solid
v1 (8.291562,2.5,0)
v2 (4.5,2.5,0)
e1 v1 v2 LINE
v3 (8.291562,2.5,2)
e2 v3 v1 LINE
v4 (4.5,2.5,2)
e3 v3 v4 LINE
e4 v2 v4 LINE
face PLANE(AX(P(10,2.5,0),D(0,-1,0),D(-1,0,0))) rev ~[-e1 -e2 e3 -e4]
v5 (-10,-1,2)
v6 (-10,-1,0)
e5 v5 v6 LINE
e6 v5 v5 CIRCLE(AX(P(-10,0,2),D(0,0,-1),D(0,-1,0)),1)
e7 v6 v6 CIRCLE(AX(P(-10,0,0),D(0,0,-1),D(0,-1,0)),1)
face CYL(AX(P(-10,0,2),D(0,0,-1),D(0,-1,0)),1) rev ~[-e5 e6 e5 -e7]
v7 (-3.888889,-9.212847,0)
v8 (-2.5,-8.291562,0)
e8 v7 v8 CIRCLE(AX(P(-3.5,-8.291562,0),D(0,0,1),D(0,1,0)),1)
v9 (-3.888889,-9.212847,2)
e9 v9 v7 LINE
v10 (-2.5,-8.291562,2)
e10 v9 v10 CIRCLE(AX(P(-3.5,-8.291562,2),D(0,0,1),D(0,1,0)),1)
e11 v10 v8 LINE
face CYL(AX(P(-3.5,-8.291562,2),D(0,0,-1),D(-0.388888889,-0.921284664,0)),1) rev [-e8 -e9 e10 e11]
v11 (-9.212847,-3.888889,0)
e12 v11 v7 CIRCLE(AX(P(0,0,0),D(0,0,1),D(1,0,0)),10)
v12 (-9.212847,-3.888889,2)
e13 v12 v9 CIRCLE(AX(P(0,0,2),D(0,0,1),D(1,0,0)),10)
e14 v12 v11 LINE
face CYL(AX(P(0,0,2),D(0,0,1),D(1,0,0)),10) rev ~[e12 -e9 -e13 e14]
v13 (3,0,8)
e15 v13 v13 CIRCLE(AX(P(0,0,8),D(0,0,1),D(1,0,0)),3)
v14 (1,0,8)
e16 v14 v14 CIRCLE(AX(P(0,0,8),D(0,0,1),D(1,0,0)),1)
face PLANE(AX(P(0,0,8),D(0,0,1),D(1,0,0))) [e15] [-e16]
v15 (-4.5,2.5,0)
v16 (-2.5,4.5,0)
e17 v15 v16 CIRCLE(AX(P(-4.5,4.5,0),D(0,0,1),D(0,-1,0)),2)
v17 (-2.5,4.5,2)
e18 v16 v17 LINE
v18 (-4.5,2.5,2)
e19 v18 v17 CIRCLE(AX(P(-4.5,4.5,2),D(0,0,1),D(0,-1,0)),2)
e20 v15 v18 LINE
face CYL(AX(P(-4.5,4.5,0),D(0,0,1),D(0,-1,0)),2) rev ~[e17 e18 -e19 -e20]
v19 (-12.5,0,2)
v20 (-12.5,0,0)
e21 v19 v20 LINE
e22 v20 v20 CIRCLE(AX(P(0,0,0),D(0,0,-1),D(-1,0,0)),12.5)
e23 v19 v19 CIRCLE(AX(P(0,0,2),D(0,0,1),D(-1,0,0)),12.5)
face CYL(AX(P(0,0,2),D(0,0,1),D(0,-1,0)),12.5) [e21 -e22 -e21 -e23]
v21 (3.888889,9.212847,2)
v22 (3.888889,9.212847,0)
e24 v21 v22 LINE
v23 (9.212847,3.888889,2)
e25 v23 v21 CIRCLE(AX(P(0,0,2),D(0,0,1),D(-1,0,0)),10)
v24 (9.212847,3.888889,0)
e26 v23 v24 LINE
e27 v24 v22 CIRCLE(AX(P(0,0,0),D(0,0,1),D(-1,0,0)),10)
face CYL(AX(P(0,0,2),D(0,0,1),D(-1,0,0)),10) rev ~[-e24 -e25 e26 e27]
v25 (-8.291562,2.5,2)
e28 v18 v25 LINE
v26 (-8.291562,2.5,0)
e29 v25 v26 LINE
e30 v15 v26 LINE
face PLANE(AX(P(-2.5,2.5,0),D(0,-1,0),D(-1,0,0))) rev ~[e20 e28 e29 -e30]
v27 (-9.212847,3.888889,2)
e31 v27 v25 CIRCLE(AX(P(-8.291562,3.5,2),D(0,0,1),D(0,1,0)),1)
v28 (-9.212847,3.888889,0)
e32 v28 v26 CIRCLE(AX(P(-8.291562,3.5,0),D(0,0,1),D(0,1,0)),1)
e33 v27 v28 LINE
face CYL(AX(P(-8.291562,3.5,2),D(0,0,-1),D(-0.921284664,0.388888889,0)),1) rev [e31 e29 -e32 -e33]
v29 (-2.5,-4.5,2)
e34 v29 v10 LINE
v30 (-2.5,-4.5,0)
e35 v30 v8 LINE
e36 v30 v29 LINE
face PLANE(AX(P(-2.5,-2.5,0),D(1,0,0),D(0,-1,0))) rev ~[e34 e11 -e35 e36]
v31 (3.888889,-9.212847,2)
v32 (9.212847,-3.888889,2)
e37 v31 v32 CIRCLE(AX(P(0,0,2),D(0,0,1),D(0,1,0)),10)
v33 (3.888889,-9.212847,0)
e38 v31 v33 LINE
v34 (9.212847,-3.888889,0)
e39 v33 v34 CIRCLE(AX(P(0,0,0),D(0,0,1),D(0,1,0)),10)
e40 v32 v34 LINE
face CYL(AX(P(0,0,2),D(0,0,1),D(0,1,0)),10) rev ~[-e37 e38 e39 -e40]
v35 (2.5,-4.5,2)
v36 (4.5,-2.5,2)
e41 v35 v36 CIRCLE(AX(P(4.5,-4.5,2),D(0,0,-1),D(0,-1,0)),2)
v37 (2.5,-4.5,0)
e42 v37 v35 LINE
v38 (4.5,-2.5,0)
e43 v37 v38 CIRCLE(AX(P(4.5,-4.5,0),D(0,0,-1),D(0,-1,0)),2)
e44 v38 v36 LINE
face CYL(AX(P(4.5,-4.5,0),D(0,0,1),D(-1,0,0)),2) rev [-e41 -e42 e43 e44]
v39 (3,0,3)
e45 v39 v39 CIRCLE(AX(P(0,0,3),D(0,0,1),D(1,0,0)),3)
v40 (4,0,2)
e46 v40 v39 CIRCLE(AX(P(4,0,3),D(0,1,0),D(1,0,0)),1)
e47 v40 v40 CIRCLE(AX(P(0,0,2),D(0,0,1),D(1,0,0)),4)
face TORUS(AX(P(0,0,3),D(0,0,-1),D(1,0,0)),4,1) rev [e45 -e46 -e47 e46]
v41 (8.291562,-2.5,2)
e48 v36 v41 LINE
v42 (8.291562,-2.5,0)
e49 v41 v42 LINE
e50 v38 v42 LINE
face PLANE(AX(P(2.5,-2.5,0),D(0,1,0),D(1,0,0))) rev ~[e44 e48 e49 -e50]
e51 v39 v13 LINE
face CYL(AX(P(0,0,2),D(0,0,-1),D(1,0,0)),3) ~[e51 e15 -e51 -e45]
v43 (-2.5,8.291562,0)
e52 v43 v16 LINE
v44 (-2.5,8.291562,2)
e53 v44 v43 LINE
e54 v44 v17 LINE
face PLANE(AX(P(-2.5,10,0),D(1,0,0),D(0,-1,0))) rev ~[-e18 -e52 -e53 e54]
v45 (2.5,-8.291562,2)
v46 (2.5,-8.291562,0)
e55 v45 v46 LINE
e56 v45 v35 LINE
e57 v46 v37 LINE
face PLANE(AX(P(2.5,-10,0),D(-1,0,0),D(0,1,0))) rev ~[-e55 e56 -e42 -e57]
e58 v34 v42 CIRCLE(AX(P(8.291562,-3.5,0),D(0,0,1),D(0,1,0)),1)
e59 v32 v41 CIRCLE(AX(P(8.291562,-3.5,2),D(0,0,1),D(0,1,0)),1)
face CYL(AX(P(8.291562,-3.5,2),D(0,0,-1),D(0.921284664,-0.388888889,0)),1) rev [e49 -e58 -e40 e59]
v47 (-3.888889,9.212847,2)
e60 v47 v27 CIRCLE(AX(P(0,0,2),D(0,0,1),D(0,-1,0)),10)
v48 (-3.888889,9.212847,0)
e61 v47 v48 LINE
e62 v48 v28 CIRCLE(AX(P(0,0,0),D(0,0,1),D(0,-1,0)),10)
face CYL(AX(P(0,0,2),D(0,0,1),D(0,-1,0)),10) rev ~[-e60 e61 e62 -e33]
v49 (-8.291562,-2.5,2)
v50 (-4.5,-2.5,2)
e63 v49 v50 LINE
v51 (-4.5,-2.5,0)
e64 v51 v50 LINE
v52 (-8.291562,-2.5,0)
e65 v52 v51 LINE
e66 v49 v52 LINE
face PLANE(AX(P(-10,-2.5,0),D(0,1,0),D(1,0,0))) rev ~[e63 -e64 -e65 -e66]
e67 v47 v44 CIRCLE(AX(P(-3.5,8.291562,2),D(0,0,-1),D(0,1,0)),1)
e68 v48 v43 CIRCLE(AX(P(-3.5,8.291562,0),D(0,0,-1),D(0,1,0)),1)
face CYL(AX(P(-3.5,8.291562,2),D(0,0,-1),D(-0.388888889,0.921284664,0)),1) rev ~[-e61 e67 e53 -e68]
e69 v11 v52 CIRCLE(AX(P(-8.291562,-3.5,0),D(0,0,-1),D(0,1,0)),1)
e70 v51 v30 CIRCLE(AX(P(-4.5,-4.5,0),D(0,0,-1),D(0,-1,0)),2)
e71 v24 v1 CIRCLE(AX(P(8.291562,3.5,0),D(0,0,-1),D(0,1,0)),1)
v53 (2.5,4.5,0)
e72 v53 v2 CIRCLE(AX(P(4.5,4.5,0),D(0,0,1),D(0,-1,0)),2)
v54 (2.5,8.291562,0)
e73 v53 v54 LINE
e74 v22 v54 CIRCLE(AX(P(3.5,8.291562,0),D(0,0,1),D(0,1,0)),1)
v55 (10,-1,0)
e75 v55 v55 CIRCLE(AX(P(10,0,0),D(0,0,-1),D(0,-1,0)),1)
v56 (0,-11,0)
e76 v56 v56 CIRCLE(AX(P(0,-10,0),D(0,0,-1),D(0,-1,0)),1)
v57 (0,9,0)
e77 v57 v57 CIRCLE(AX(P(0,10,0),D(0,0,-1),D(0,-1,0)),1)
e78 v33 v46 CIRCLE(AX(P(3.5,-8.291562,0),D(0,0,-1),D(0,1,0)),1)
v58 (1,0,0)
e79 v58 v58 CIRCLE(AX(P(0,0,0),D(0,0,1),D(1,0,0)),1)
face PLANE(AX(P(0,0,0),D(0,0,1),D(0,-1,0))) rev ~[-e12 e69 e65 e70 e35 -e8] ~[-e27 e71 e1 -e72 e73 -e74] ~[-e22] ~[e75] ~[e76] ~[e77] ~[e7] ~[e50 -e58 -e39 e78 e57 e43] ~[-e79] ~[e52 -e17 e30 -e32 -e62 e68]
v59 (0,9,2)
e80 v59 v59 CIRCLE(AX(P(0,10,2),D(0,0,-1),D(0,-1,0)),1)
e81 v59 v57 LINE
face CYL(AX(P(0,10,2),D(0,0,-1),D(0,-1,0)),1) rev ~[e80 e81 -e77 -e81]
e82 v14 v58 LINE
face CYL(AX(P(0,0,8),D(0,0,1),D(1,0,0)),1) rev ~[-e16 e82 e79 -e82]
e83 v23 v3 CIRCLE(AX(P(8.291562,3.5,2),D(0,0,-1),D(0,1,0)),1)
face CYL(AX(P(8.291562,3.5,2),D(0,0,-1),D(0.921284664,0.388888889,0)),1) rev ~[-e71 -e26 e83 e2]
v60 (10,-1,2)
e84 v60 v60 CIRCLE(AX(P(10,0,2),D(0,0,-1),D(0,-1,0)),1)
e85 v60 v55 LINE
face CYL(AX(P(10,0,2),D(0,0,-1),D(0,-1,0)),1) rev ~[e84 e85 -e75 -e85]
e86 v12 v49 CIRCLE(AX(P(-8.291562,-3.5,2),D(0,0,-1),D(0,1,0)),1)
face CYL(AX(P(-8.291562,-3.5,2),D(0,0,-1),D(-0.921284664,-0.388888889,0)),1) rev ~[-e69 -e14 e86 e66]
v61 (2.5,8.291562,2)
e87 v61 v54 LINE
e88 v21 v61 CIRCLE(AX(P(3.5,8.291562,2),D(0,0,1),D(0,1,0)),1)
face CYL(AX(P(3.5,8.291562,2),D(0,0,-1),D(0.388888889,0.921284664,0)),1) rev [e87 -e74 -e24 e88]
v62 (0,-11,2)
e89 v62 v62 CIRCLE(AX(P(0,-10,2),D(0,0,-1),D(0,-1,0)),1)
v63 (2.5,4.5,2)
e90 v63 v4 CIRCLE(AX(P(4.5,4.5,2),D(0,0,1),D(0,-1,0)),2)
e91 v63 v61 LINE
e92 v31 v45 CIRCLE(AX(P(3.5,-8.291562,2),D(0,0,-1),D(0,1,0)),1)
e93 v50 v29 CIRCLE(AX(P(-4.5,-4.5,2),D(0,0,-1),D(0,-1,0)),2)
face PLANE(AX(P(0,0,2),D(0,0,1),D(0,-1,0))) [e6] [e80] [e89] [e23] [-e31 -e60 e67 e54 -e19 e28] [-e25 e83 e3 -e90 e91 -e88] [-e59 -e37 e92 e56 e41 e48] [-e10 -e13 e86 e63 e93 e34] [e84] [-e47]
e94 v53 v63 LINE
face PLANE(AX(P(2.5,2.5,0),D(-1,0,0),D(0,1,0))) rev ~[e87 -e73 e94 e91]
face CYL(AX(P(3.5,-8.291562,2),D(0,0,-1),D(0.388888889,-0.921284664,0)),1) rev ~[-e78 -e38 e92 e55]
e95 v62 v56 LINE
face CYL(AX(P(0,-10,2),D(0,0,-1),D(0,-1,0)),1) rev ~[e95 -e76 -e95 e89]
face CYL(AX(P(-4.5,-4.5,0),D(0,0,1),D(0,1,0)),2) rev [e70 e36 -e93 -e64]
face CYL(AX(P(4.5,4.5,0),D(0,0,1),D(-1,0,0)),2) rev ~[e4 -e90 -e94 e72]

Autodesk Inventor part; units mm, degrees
ref_plane "YZ Plane" through (0, 0, 0) normal (1, 0, 0) x (0, 1, 0)
ref_plane "XZ Plane" through (0, 0, 0) normal (0, 1, 0) x (-1, 0, 0)
ref_plane "XY Plane" through (0, 0, 0) normal (0, 0, 1) x (1, 0, 0)
sketch "Sketch1" plane through (0, 0, 0) normal (0, 0, 1) x (1, 0, 0)
  circle A0 centre (-10, 0) radius 1 projected
  circle A1 centre (0, 10) radius 1 projected
  circle A2 centre (0, -10) radius 1 projected
  circle A3 centre (10, 0) radius 1 projected
  circle A4 centre (0, 0) radius 1.5 projected
  arc A5 (10.8355, 3.8525) -> (3.8525, 10.8355) centre (0, 0) ccw projected
  arc A6 (9.4222, 1.85) -> (10.8355, 3.8525) centre (9.4222, 3.35) ccw projected
  line L0 (9.4222, 1.85) -> (3.35, 1.85) projected
  arc A7 (1.85, 3.35) -> (3.35, 1.85) centre (3.35, 3.35) ccw projected
  line L1 (1.85, 3.35) -> (1.85, 9.4222) projected
  arc A8 (3.8525, 10.8355) -> (1.85, 9.4222) centre (3.35, 9.4222) ccw projected
  line L2 (-1.85, 9.4222) -> (-1.85, 3.35) projected
  arc A9 (-3.35, 1.85) -> (-1.85, 3.35) centre (-3.35, 3.35) ccw projected
  line L3 (-3.35, 1.85) -> (-9.4222, 1.85) projected
  arc A10 (-10.8355, 3.8525) -> (-9.4222, 1.85) centre (-9.4222, 3.35) ccw projected
  arc A11 (-3.8525, 10.8355) -> (-10.8355, 3.8525) centre (0, 0) ccw projected
  arc A12 (-1.85, 9.4222) -> (-3.8525, 10.8355) centre (-3.35, 9.4222) ccw projected
  line L4 (3.35, -1.85) -> (9.4222, -1.85) projected
  arc A13 (10.8355, -3.8525) -> (9.4222, -1.85) centre (9.4222, -3.35) ccw projected
  arc A14 (3.8525, -10.8355) -> (10.8355, -3.8525) centre (0, 0) ccw projected
  arc A15 (1.85, -9.4222) -> (3.8525, -10.8355) centre (3.35, -9.4222) ccw projected
  line L5 (1.85, -9.4222) -> (1.85, -3.35) projected
  arc A16 (3.35, -1.85) -> (1.85, -3.35) centre (3.35, -3.35) ccw projected
  line L6 (-1.85, -3.35) -> (-1.85, -9.4222) projected
  arc A17 (-3.8525, -10.8355) -> (-1.85, -9.4222) centre (-3.35, -9.4222) ccw projected
  arc A18 (-10.8355, -3.8525) -> (-3.8525, -10.8355) centre (0, 0) ccw projected
  arc A19 (-9.4222, -1.85) -> (-10.8355, -3.8525) centre (-9.4222, -3.35) ccw projected
  line L7 (-9.4222, -1.85) -> (-3.35, -1.85) projected
  arc A20 (-1.85, -3.35) -> (-3.35, -1.85) centre (-3.35, -3.35) ccw projected
  circle A21 centre (0, 0) radius 12.55 projected
  line L8 (0, -10) -> (0, 10) construction
  line L9 (2.5, -10) -> (2.5, 10)
  line L10 (-2.5, 10) -> (-2.5, -10)
  arc A22 (-2.5, -10) -> (2.5, -10) centre (0, -10) ccw
  arc A23 (2.5, 10) -> (-2.5, 10) centre (0, 10) ccw
  line L11 (10, 0) -> (-10, 0) construction
  line L12 (10, 2.5) -> (-10, 2.5)
  line L13 (-10, -2.5) -> (10, -2.5)
  arc A24 (10, -2.5) -> (10, 2.5) centre (10, 0) ccw
  arc A25 (-10, 2.5) -> (-10, -2.5) centre (-10, 0) ccw
  point P0 (0, 0)
  point P1 (0, 0)
  point P2 (0, 0)
  point P3 (-2.5, -2.5)
  point P4 (2.5, -2.5)
  point P5 (2.5, 2.5)
  point P6 (-2.5, 2.5)
  dimension "d15" = 1
  dimension "d0" = 5
  dimension "d1" = 5
extrude "Extrusion1" add sketch "Sketch1" along normal blind 2 contours A0 | A1 | A2 | A3 | A4 | A24 A13 L4 A16 L9 A7 L0 A6 | A6 L0 A7 L9 L12 A24 | A23 L9 L12 A7 L1 A8 | A8 L1 A7 L12 A9 L2 A12 A23 | A24 L13 L9 A16 L4 A13 | A12 L2 A9 L12 L10 A23 | L9 A7 L12 | L9 A16 L13 A20 L10 A9 L12 A7 | L13 A16 L9 | L9 A22 A15 L5 A16 L13 | L12 A9 L10 | L10 A9 L3 A10 A25 L12 | A22 A17 L6 A20 L13 A16 L5 A15 | A10 L3 A9 L10 A20 L7 A19 A25 | A22 L10 L13 A20 L6 A17 | L13 L10 A20 | A19 L7 A20 L10 L13 A25
sketch "Sketch2" plane through (0, 0, 2) normal (0, 0, 1) x (1, 0, 0)
  line L0 (-2.5, -2.5) -> (-2.5, -10) projected
  arc A0 (-2.5, -10) -> (2.5, -10) centre (0, -10) ccw projected
  line L1 (2.5, -10) -> (2.5, -2.5) projected
  line L2 (2.5, -2.5) -> (10, -2.5) projected
  arc A1 (10, -2.5) -> (10, 2.5) centre (10, 0) ccw projected
  line L3 (10, 2.5) -> (2.5, 2.5) projected
  line L4 (2.5, 2.5) -> (2.5, 10) projected
  arc A2 (2.5, 10) -> (-2.5, 10) centre (0, 10) ccw projected
  line L5 (-2.5, 10) -> (-2.5, 2.5) projected
  line L6 (-2.5, 2.5) -> (-10, 2.5) projected
  arc A3 (-10, 2.5) -> (-10, -2.5) centre (-10, 0) ccw projected
  line L7 (-10, -2.5) -> (-2.5, -2.5) projected
  point P0 (0, 0)
hole "Hole1" at (0, -10, 2) at (10, 0, 2) at (0, 10, 2) at (-10, 0, 2) direction (0, 0, -1) diameter 2 depth 5
sketch "Sketch3" plane through (0, 0, 2) normal (0, 0, 1) x (1, 0, 0)
  circle A0 centre (0, 0) radius 3
  dimension "d11" = 6
extrude "Extrusion2" add sketch "Sketch3" along normal blind 6
fillet "Fillet1" radius 2 4 edges at (2.5, -2.5, 1) (-2.5, -2.5, 1) (-2.5, 2.5, 1) (2.5, 2.5, 1)
fillet "Fillet2" radius 1 1 edges at (-3, 0, 2)
sketch "Sketch4" plane through (0, 0, 8) normal (0, 0, 1) x (1, 0, 0)
  circle A0 centre (0, 0) radius 1
  dimension "d16" = 2
extrude "Extrusion3" cut sketch "Sketch4" against normal blind 12
sketch "Sketch5" plane through (0, 0, 2) normal (0, 0, 1) x (1, 0, 0)
  arc A0 (2.5, 10) -> (-2.5, 10) centre (0, 10) ccw projected
  line L0 (-2.5, 10) -> (-2.5, 4.5) projected
  arc A1 (-4.5, 2.5) -> (-2.5, 4.5) centre (-4.5, 4.5) ccw projected
  line L1 (-4.5, 2.5) -> (-10, 2.5) projected
  arc A2 (-10, 2.5) -> (-10, -2.5) centre (-10, 0) ccw projected
  line L2 (-10, -2.5) -> (-4.5, -2.5) projected
  arc A3 (-2.5, -4.5) -> (-4.5, -2.5) centre (-4.5, -4.5) ccw projected
  line L3 (-2.5, -4.5) -> (-2.5, -10) projected
  arc A4 (-2.5, -10) -> (2.5, -10) centre (0, -10) ccw projected
  line L4 (2.5, -10) -> (2.5, -4.5) projected
  arc A5 (4.5, -2.5) -> (2.5, -4.5) centre (4.5, -4.5) ccw projected
  line L5 (4.5, -2.5) -> (10, -2.5) projected
  arc A6 (10, -2.5) -> (10, 2.5) centre (10, 0) ccw projected
  line L6 (10, 2.5) -> (4.5, 2.5) projected
  arc A7 (2.5, 4.5) -> (4.5, 2.5) centre (4.5, 4.5) ccw projected
  line L7 (2.5, 4.5) -> (2.5, 10) projected
  circle A8 centre (-10, 0) radius 1 projected
  circle A9 centre (10, 0) radius 1 projected
  circle A10 centre (0, -10) radius 1 projected
  circle A11 centre (0, 10) radius 1 projected
  circle A12 centre (0, 0) radius 4 projected
  circle A13 centre (0, 0) radius 1 projected
  circle A14 centre (0, 0) radius 12.5
  circle A15 centre (0, 0) radius 10
  point P0 (-2.5, -9.6825)
  point P1 (-9.6825, -2.5)
  point P2 (-12.5, 0)
  point P3 (0, -12.5)
  dimension "d19" = 25
  dimension "d20" = 20
extrude "Extrusion4" add sketch "Sketch5" against normal blind 2 contours A2 L2 A15 L3 A4 A14
pattern_circular "Circular Pattern1" count 4 over 360 about axis through (0, 0, 2) along (0, 0, 1) of "Extrusion4"
fillet "Fillet3" radius 1 8 edges at (-2.5, -9.6825, 1) (-9.6825, -2.5, 1) (-9.6825, 2.5, 1) (-2.5, 9.6825, 1) (2.5, 9.6825, 1) (9.6825, 2.5, 1) (9.6825, -2.5, 1) (2.5, -9.6825, 1)
properties part number "tendon_wh_1"
